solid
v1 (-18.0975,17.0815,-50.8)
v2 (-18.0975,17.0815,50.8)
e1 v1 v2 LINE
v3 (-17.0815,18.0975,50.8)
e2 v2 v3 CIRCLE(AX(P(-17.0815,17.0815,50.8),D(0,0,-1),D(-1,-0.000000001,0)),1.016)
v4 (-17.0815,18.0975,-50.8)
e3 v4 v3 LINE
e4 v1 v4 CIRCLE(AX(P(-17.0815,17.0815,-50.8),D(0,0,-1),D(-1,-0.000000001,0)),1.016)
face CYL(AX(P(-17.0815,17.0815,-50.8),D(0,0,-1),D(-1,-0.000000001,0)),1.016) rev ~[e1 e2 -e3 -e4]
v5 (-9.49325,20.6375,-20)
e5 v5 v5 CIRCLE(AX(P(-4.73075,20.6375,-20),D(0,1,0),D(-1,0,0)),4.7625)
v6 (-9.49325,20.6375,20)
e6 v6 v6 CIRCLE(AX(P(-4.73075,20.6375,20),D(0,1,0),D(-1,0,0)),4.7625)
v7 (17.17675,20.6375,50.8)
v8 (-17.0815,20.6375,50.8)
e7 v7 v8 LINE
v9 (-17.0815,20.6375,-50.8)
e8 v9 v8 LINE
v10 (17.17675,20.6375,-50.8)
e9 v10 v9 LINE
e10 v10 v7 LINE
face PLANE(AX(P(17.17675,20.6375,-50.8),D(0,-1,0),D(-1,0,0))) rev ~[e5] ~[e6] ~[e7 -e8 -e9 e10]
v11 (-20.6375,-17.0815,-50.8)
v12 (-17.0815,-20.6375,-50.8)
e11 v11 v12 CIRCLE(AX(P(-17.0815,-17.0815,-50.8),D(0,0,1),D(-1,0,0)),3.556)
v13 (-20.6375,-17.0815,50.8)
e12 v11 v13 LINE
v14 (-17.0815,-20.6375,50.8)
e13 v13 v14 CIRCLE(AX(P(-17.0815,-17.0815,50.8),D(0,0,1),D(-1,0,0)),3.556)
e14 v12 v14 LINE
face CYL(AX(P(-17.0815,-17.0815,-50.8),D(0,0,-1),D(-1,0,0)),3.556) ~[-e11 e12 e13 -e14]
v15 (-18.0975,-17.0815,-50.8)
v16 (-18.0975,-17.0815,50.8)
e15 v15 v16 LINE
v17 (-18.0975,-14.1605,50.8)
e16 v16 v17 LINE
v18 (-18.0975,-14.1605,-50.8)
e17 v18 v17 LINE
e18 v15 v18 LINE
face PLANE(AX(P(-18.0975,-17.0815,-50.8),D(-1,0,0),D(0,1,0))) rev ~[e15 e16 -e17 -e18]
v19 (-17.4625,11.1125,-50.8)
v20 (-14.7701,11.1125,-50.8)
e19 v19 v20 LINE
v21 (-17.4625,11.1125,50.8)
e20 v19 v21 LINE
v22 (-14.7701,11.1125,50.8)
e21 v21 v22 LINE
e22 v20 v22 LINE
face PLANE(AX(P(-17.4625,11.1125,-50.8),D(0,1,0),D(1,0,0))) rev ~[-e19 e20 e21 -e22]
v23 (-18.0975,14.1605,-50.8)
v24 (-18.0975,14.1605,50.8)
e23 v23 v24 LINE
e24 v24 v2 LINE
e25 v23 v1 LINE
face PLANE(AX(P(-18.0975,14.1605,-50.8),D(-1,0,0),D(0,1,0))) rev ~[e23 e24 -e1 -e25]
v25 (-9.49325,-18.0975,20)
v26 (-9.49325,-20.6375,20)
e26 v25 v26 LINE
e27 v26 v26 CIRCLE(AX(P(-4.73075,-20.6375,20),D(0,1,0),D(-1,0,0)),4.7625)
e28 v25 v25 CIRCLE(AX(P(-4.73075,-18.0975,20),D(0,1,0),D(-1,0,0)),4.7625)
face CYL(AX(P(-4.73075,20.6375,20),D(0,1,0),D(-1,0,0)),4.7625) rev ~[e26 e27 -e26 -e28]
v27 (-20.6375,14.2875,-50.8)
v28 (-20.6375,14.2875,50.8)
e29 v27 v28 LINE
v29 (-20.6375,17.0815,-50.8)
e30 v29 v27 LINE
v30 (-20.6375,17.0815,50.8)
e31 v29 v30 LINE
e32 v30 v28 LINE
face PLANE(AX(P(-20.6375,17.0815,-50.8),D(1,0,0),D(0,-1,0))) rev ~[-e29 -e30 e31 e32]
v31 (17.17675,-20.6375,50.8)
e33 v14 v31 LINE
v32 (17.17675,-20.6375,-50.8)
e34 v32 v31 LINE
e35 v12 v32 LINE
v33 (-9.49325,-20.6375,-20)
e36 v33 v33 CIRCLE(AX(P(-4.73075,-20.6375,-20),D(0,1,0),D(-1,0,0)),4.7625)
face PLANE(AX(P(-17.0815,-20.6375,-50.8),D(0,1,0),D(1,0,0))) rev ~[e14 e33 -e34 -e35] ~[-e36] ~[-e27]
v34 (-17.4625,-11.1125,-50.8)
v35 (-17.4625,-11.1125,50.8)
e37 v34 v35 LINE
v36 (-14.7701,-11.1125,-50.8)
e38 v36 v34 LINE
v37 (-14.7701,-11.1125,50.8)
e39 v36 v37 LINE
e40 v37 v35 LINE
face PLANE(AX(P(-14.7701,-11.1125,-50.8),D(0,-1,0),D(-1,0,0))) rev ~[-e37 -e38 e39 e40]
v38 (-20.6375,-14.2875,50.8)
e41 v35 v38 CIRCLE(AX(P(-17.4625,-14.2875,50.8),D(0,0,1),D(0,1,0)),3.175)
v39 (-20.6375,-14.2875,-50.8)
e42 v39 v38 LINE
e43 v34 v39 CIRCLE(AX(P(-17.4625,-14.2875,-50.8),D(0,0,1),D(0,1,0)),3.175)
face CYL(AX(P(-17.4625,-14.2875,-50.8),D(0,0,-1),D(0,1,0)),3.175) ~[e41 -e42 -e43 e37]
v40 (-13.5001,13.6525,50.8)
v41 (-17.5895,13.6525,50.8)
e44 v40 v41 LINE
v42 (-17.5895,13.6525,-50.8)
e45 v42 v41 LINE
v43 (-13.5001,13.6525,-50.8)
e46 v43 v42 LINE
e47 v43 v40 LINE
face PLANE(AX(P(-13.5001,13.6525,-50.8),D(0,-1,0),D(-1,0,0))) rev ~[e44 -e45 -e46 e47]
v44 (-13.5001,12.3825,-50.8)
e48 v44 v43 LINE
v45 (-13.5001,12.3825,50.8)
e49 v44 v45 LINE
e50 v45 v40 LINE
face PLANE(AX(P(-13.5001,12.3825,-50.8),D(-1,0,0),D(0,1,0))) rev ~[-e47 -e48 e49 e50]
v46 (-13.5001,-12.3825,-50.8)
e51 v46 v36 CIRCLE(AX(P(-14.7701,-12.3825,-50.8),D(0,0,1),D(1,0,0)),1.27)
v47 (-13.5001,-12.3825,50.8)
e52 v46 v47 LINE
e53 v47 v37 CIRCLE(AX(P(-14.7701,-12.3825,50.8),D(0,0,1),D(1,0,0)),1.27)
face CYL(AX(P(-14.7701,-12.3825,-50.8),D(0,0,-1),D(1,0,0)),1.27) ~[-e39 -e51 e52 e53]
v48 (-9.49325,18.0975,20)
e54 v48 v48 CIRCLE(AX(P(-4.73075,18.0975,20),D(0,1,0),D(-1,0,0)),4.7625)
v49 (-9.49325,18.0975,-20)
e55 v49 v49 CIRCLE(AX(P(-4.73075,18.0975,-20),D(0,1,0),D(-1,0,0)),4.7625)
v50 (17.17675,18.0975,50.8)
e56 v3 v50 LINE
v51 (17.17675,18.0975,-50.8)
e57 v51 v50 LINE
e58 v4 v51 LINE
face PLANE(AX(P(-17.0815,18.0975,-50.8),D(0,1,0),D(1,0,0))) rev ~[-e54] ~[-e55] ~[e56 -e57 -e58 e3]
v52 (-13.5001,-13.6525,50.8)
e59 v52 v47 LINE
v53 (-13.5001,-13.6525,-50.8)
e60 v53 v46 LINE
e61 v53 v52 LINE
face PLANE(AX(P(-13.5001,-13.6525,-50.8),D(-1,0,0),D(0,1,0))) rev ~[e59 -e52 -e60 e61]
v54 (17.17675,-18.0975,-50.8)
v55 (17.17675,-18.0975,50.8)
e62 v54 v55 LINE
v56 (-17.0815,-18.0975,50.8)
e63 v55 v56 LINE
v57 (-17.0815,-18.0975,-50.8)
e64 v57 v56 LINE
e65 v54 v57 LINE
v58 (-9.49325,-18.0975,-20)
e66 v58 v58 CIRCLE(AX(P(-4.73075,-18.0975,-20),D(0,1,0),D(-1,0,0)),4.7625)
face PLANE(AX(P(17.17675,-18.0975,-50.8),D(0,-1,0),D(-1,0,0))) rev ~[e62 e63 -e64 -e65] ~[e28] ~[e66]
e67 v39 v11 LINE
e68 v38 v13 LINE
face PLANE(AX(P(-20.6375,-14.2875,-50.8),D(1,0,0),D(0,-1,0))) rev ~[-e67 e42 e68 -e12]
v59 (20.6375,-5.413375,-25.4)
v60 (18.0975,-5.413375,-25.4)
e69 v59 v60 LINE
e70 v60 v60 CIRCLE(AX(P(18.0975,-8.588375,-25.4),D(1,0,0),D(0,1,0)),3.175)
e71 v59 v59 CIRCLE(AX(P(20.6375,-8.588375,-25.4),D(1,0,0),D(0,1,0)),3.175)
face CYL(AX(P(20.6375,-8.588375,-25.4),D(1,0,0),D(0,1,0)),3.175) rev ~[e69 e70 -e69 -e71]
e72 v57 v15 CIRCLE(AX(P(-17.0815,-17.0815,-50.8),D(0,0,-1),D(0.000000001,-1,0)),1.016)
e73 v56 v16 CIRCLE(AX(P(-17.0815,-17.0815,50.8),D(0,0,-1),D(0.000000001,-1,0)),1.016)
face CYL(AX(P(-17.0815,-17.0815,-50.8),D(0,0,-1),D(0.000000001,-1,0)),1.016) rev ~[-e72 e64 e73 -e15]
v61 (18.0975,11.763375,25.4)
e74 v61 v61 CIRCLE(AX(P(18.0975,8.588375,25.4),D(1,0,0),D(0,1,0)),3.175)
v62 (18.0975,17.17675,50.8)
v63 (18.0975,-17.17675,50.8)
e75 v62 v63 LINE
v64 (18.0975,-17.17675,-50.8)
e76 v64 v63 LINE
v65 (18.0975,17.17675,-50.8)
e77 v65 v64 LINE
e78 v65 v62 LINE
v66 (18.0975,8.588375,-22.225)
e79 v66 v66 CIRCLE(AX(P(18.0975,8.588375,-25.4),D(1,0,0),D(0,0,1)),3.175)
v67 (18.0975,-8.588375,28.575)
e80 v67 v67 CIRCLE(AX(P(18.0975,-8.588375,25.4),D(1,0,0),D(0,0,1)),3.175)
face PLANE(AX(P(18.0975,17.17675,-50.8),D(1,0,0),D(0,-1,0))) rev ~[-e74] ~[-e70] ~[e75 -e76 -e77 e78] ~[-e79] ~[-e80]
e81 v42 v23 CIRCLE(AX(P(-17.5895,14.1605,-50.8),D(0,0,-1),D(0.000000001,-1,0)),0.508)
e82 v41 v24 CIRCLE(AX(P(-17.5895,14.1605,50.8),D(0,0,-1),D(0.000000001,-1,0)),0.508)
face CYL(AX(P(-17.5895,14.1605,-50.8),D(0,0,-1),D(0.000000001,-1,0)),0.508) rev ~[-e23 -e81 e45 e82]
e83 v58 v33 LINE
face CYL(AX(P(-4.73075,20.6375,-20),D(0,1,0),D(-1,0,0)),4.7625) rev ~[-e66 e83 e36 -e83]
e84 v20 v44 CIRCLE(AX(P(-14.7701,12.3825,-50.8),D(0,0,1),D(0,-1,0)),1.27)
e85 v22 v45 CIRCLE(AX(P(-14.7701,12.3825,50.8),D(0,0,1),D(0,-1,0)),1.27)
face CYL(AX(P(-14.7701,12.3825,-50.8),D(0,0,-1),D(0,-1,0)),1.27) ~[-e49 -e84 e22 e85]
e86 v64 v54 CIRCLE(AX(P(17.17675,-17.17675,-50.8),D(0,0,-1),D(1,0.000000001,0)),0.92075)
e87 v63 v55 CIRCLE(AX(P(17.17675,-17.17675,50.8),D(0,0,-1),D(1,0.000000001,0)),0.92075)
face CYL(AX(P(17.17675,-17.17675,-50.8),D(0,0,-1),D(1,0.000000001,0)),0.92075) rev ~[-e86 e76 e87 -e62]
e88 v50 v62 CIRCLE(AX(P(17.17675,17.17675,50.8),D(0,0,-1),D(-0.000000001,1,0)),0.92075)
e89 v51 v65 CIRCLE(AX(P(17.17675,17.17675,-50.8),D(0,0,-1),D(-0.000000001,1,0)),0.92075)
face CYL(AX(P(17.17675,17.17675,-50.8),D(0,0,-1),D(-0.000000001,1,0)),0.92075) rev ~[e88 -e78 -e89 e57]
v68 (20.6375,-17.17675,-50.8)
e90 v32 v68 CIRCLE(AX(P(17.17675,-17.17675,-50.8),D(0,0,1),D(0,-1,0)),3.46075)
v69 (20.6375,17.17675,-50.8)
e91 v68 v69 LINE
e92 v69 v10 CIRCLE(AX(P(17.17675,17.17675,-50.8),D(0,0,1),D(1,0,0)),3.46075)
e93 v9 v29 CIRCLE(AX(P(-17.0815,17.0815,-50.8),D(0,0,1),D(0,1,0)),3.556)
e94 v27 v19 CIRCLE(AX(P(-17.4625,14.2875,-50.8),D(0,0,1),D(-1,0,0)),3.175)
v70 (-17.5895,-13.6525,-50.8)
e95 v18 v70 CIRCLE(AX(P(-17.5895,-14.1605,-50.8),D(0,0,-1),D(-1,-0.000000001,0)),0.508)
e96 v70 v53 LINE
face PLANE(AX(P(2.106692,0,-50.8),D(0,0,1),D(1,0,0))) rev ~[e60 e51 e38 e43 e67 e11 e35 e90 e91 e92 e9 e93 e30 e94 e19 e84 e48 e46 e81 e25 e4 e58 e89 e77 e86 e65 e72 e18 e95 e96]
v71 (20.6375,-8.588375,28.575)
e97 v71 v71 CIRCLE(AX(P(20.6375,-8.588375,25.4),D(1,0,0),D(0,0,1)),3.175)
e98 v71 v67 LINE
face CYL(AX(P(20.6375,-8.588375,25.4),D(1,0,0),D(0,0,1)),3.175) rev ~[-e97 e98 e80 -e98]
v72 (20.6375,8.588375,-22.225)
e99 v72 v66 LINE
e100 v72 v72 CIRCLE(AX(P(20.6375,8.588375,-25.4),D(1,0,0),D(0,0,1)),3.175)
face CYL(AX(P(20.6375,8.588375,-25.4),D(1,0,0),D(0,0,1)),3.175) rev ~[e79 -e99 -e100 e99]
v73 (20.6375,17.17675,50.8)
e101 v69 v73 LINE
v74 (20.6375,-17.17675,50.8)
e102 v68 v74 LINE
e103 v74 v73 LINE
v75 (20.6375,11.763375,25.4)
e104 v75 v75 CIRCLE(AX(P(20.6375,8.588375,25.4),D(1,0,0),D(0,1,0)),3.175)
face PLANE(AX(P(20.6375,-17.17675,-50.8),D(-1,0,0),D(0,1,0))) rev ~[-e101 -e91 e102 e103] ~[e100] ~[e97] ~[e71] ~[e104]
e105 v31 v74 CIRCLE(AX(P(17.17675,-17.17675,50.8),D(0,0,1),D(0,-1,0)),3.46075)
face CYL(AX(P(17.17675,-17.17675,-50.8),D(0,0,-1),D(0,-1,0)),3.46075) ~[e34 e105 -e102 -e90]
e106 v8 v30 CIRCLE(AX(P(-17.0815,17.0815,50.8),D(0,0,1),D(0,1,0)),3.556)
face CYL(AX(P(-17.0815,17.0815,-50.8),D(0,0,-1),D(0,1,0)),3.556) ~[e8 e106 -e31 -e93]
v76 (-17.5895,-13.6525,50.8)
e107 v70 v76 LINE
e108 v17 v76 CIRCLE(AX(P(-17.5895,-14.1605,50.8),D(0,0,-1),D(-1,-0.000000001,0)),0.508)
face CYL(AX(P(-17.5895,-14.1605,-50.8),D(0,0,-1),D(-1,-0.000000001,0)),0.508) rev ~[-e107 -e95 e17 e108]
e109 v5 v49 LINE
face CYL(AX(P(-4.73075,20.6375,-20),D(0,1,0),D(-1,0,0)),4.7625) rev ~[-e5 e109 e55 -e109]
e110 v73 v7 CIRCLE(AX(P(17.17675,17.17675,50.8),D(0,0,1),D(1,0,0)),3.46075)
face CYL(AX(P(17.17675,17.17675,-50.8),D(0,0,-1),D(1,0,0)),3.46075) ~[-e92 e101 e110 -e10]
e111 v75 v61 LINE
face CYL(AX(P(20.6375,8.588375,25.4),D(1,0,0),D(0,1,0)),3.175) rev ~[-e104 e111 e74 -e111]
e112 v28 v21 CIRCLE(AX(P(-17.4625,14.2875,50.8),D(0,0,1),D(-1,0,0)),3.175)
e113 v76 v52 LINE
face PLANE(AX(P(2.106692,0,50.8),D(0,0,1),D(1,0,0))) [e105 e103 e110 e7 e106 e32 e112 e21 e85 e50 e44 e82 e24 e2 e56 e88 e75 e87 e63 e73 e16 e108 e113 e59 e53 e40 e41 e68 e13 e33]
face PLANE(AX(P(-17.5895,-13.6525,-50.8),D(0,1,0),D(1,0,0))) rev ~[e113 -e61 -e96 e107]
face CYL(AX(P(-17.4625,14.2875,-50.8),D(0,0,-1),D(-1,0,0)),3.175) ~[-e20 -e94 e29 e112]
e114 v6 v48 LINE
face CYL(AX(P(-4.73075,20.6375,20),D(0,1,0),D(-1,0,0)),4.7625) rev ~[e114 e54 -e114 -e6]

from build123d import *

# Parameters (mm, degrees)
BOSS_EXTRUDE1_DEPTH      = 50.8
BOSS_EXTRUDE1_DEPTH_BACK = 50.8
SKETCH7_R                = 4.7625
CUT_EXTRUDE1_DEPTH       = 45.72
SKETCH8_R                = 3.175
CUT_EXTRUDE2_DEPTH       = 2.54


with BuildPart() as part:
    # Sketch4 → Boss-Extrude1 (new, two sides: drawn at the far end of the back side and taken through both)
    with BuildSketch(Plane.XY.offset(-BOSS_EXTRUDE1_DEPTH_BACK)):
        with BuildLine():
            Line((-17.0815, -20.6375), (17.17675, -20.6375))
            ThreePointArc((17.17675, -20.6375), (19.623869793, -19.623869793), (20.6375, -17.17675))
            Line((20.6375, -17.17675), (20.6375, 17.17675))
            ThreePointArc((20.6375, 17.17675), (19.623869793, 19.623869793), (17.17675, 20.6375))
            Line((17.17675, 20.6375), (-17.0815, 20.6375))
            ThreePointArc((-17.0815, 20.6375), (-19.595971714, 19.595971714), (-20.6375, 17.0815))
            Line((-20.6375, 17.0815), (-20.6375, 14.2875))
            ThreePointArc((-20.6375, 14.2875), (-19.70756403, 12.04243597), (-17.4625, 11.1125))
            Line((-17.4625, 11.1125), (-14.7701, 11.1125))
            ThreePointArc((-14.7701, 11.1125), (-13.872074388, 11.484474388), (-13.5001, 12.3825))
            Line((-13.5001, 12.3825), (-13.5001, 13.6525))
            Line((-13.5001, 13.6525), (-17.5895, 13.6525))
            ThreePointArc((-17.5895, 13.6525), (-17.948710245, 13.801289755), (-18.0975, 14.1605))
            Line((-18.0975, 14.1605), (-18.0975, 17.0815))
            ThreePointArc((-18.0975, 17.0815), (-17.79992049, 17.79992049), (-17.0815, 18.0975))
            Line((-17.0815, 18.0975), (17.17675, 18.0975))
            ThreePointArc((17.17675, 18.0975), (17.827818569, 17.827818569), (18.0975, 17.17675))
            Line((18.0975, 17.17675), (18.0975, -17.17675))
            ThreePointArc((18.0975, -17.17675), (17.827818569, -17.827818569), (17.17675, -18.0975))
            Line((17.17675, -18.0975), (-17.0815, -18.0975))
            ThreePointArc((-17.0815, -18.0975), (-17.79992049, -17.79992049), (-18.0975, -17.0815))
            Line((-18.0975, -17.0815), (-18.0975, -14.1605))
            ThreePointArc((-18.0975, -14.1605), (-17.948710245, -13.801289755), (-17.5895, -13.6525))
            Line((-17.5895, -13.6525), (-13.5001, -13.6525))
            Line((-13.5001, -13.6525), (-13.5001, -12.3825))
            ThreePointArc((-13.5001, -12.3825), (-13.872074388, -11.484474388), (-14.7701, -11.1125))
            Line((-14.7701, -11.1125), (-17.4625, -11.1125))
            ThreePointArc((-17.4625, -11.1125), (-19.70756403, -12.04243597), (-20.6375, -14.2875))
            Line((-20.6375, -14.2875), (-20.6375, -17.0815))
            ThreePointArc((-20.6375, -17.0815), (-19.595971714, -19.595971714), (-17.0815, -20.6375))
        make_face()
    extrude(amount=BOSS_EXTRUDE1_DEPTH + BOSS_EXTRUDE1_DEPTH_BACK)

    # Sketch7 → Cut-Extrude1 (cut)
    with BuildSketch(Plane(origin=(0, 20.6375, 0), x_dir=(1, 0, 0), z_dir=(0, 1, 0))):
        with Locations(Location((-4.73075, -20, 0), (0, 0, 180))):
            Circle(SKETCH7_R)
        with Locations(Location((-4.73075, 20, 0), (0, 0, 180))):
            Circle(SKETCH7_R)
    extrude(amount=-CUT_EXTRUDE1_DEPTH, mode=Mode.SUBTRACT)

    # Sketch8 → Cut-Extrude2 (cut)
    with BuildSketch(Plane(origin=(20.6375, 0, 0), x_dir=(0, 0, -1), z_dir=(1, 0, 0))):
        with Locations(Location((25.4, -8.588375, 0), (0, 0, 90))):
            Circle(SKETCH8_R)
        with Locations(Location((25.4, 8.588375, 0), (0, 0, 180))):
            Circle(SKETCH8_R)
        with Locations(Location((-25.4, -8.588375, 0), (0, 0, 180))):
            Circle(SKETCH8_R)
        with Locations(Location((-25.4, 8.588375, 0), (0, 0, 90))):
            Circle(SKETCH8_R)
    extrude(amount=-CUT_EXTRUDE2_DEPTH, mode=Mode.SUBTRACT)


solid = part.part
